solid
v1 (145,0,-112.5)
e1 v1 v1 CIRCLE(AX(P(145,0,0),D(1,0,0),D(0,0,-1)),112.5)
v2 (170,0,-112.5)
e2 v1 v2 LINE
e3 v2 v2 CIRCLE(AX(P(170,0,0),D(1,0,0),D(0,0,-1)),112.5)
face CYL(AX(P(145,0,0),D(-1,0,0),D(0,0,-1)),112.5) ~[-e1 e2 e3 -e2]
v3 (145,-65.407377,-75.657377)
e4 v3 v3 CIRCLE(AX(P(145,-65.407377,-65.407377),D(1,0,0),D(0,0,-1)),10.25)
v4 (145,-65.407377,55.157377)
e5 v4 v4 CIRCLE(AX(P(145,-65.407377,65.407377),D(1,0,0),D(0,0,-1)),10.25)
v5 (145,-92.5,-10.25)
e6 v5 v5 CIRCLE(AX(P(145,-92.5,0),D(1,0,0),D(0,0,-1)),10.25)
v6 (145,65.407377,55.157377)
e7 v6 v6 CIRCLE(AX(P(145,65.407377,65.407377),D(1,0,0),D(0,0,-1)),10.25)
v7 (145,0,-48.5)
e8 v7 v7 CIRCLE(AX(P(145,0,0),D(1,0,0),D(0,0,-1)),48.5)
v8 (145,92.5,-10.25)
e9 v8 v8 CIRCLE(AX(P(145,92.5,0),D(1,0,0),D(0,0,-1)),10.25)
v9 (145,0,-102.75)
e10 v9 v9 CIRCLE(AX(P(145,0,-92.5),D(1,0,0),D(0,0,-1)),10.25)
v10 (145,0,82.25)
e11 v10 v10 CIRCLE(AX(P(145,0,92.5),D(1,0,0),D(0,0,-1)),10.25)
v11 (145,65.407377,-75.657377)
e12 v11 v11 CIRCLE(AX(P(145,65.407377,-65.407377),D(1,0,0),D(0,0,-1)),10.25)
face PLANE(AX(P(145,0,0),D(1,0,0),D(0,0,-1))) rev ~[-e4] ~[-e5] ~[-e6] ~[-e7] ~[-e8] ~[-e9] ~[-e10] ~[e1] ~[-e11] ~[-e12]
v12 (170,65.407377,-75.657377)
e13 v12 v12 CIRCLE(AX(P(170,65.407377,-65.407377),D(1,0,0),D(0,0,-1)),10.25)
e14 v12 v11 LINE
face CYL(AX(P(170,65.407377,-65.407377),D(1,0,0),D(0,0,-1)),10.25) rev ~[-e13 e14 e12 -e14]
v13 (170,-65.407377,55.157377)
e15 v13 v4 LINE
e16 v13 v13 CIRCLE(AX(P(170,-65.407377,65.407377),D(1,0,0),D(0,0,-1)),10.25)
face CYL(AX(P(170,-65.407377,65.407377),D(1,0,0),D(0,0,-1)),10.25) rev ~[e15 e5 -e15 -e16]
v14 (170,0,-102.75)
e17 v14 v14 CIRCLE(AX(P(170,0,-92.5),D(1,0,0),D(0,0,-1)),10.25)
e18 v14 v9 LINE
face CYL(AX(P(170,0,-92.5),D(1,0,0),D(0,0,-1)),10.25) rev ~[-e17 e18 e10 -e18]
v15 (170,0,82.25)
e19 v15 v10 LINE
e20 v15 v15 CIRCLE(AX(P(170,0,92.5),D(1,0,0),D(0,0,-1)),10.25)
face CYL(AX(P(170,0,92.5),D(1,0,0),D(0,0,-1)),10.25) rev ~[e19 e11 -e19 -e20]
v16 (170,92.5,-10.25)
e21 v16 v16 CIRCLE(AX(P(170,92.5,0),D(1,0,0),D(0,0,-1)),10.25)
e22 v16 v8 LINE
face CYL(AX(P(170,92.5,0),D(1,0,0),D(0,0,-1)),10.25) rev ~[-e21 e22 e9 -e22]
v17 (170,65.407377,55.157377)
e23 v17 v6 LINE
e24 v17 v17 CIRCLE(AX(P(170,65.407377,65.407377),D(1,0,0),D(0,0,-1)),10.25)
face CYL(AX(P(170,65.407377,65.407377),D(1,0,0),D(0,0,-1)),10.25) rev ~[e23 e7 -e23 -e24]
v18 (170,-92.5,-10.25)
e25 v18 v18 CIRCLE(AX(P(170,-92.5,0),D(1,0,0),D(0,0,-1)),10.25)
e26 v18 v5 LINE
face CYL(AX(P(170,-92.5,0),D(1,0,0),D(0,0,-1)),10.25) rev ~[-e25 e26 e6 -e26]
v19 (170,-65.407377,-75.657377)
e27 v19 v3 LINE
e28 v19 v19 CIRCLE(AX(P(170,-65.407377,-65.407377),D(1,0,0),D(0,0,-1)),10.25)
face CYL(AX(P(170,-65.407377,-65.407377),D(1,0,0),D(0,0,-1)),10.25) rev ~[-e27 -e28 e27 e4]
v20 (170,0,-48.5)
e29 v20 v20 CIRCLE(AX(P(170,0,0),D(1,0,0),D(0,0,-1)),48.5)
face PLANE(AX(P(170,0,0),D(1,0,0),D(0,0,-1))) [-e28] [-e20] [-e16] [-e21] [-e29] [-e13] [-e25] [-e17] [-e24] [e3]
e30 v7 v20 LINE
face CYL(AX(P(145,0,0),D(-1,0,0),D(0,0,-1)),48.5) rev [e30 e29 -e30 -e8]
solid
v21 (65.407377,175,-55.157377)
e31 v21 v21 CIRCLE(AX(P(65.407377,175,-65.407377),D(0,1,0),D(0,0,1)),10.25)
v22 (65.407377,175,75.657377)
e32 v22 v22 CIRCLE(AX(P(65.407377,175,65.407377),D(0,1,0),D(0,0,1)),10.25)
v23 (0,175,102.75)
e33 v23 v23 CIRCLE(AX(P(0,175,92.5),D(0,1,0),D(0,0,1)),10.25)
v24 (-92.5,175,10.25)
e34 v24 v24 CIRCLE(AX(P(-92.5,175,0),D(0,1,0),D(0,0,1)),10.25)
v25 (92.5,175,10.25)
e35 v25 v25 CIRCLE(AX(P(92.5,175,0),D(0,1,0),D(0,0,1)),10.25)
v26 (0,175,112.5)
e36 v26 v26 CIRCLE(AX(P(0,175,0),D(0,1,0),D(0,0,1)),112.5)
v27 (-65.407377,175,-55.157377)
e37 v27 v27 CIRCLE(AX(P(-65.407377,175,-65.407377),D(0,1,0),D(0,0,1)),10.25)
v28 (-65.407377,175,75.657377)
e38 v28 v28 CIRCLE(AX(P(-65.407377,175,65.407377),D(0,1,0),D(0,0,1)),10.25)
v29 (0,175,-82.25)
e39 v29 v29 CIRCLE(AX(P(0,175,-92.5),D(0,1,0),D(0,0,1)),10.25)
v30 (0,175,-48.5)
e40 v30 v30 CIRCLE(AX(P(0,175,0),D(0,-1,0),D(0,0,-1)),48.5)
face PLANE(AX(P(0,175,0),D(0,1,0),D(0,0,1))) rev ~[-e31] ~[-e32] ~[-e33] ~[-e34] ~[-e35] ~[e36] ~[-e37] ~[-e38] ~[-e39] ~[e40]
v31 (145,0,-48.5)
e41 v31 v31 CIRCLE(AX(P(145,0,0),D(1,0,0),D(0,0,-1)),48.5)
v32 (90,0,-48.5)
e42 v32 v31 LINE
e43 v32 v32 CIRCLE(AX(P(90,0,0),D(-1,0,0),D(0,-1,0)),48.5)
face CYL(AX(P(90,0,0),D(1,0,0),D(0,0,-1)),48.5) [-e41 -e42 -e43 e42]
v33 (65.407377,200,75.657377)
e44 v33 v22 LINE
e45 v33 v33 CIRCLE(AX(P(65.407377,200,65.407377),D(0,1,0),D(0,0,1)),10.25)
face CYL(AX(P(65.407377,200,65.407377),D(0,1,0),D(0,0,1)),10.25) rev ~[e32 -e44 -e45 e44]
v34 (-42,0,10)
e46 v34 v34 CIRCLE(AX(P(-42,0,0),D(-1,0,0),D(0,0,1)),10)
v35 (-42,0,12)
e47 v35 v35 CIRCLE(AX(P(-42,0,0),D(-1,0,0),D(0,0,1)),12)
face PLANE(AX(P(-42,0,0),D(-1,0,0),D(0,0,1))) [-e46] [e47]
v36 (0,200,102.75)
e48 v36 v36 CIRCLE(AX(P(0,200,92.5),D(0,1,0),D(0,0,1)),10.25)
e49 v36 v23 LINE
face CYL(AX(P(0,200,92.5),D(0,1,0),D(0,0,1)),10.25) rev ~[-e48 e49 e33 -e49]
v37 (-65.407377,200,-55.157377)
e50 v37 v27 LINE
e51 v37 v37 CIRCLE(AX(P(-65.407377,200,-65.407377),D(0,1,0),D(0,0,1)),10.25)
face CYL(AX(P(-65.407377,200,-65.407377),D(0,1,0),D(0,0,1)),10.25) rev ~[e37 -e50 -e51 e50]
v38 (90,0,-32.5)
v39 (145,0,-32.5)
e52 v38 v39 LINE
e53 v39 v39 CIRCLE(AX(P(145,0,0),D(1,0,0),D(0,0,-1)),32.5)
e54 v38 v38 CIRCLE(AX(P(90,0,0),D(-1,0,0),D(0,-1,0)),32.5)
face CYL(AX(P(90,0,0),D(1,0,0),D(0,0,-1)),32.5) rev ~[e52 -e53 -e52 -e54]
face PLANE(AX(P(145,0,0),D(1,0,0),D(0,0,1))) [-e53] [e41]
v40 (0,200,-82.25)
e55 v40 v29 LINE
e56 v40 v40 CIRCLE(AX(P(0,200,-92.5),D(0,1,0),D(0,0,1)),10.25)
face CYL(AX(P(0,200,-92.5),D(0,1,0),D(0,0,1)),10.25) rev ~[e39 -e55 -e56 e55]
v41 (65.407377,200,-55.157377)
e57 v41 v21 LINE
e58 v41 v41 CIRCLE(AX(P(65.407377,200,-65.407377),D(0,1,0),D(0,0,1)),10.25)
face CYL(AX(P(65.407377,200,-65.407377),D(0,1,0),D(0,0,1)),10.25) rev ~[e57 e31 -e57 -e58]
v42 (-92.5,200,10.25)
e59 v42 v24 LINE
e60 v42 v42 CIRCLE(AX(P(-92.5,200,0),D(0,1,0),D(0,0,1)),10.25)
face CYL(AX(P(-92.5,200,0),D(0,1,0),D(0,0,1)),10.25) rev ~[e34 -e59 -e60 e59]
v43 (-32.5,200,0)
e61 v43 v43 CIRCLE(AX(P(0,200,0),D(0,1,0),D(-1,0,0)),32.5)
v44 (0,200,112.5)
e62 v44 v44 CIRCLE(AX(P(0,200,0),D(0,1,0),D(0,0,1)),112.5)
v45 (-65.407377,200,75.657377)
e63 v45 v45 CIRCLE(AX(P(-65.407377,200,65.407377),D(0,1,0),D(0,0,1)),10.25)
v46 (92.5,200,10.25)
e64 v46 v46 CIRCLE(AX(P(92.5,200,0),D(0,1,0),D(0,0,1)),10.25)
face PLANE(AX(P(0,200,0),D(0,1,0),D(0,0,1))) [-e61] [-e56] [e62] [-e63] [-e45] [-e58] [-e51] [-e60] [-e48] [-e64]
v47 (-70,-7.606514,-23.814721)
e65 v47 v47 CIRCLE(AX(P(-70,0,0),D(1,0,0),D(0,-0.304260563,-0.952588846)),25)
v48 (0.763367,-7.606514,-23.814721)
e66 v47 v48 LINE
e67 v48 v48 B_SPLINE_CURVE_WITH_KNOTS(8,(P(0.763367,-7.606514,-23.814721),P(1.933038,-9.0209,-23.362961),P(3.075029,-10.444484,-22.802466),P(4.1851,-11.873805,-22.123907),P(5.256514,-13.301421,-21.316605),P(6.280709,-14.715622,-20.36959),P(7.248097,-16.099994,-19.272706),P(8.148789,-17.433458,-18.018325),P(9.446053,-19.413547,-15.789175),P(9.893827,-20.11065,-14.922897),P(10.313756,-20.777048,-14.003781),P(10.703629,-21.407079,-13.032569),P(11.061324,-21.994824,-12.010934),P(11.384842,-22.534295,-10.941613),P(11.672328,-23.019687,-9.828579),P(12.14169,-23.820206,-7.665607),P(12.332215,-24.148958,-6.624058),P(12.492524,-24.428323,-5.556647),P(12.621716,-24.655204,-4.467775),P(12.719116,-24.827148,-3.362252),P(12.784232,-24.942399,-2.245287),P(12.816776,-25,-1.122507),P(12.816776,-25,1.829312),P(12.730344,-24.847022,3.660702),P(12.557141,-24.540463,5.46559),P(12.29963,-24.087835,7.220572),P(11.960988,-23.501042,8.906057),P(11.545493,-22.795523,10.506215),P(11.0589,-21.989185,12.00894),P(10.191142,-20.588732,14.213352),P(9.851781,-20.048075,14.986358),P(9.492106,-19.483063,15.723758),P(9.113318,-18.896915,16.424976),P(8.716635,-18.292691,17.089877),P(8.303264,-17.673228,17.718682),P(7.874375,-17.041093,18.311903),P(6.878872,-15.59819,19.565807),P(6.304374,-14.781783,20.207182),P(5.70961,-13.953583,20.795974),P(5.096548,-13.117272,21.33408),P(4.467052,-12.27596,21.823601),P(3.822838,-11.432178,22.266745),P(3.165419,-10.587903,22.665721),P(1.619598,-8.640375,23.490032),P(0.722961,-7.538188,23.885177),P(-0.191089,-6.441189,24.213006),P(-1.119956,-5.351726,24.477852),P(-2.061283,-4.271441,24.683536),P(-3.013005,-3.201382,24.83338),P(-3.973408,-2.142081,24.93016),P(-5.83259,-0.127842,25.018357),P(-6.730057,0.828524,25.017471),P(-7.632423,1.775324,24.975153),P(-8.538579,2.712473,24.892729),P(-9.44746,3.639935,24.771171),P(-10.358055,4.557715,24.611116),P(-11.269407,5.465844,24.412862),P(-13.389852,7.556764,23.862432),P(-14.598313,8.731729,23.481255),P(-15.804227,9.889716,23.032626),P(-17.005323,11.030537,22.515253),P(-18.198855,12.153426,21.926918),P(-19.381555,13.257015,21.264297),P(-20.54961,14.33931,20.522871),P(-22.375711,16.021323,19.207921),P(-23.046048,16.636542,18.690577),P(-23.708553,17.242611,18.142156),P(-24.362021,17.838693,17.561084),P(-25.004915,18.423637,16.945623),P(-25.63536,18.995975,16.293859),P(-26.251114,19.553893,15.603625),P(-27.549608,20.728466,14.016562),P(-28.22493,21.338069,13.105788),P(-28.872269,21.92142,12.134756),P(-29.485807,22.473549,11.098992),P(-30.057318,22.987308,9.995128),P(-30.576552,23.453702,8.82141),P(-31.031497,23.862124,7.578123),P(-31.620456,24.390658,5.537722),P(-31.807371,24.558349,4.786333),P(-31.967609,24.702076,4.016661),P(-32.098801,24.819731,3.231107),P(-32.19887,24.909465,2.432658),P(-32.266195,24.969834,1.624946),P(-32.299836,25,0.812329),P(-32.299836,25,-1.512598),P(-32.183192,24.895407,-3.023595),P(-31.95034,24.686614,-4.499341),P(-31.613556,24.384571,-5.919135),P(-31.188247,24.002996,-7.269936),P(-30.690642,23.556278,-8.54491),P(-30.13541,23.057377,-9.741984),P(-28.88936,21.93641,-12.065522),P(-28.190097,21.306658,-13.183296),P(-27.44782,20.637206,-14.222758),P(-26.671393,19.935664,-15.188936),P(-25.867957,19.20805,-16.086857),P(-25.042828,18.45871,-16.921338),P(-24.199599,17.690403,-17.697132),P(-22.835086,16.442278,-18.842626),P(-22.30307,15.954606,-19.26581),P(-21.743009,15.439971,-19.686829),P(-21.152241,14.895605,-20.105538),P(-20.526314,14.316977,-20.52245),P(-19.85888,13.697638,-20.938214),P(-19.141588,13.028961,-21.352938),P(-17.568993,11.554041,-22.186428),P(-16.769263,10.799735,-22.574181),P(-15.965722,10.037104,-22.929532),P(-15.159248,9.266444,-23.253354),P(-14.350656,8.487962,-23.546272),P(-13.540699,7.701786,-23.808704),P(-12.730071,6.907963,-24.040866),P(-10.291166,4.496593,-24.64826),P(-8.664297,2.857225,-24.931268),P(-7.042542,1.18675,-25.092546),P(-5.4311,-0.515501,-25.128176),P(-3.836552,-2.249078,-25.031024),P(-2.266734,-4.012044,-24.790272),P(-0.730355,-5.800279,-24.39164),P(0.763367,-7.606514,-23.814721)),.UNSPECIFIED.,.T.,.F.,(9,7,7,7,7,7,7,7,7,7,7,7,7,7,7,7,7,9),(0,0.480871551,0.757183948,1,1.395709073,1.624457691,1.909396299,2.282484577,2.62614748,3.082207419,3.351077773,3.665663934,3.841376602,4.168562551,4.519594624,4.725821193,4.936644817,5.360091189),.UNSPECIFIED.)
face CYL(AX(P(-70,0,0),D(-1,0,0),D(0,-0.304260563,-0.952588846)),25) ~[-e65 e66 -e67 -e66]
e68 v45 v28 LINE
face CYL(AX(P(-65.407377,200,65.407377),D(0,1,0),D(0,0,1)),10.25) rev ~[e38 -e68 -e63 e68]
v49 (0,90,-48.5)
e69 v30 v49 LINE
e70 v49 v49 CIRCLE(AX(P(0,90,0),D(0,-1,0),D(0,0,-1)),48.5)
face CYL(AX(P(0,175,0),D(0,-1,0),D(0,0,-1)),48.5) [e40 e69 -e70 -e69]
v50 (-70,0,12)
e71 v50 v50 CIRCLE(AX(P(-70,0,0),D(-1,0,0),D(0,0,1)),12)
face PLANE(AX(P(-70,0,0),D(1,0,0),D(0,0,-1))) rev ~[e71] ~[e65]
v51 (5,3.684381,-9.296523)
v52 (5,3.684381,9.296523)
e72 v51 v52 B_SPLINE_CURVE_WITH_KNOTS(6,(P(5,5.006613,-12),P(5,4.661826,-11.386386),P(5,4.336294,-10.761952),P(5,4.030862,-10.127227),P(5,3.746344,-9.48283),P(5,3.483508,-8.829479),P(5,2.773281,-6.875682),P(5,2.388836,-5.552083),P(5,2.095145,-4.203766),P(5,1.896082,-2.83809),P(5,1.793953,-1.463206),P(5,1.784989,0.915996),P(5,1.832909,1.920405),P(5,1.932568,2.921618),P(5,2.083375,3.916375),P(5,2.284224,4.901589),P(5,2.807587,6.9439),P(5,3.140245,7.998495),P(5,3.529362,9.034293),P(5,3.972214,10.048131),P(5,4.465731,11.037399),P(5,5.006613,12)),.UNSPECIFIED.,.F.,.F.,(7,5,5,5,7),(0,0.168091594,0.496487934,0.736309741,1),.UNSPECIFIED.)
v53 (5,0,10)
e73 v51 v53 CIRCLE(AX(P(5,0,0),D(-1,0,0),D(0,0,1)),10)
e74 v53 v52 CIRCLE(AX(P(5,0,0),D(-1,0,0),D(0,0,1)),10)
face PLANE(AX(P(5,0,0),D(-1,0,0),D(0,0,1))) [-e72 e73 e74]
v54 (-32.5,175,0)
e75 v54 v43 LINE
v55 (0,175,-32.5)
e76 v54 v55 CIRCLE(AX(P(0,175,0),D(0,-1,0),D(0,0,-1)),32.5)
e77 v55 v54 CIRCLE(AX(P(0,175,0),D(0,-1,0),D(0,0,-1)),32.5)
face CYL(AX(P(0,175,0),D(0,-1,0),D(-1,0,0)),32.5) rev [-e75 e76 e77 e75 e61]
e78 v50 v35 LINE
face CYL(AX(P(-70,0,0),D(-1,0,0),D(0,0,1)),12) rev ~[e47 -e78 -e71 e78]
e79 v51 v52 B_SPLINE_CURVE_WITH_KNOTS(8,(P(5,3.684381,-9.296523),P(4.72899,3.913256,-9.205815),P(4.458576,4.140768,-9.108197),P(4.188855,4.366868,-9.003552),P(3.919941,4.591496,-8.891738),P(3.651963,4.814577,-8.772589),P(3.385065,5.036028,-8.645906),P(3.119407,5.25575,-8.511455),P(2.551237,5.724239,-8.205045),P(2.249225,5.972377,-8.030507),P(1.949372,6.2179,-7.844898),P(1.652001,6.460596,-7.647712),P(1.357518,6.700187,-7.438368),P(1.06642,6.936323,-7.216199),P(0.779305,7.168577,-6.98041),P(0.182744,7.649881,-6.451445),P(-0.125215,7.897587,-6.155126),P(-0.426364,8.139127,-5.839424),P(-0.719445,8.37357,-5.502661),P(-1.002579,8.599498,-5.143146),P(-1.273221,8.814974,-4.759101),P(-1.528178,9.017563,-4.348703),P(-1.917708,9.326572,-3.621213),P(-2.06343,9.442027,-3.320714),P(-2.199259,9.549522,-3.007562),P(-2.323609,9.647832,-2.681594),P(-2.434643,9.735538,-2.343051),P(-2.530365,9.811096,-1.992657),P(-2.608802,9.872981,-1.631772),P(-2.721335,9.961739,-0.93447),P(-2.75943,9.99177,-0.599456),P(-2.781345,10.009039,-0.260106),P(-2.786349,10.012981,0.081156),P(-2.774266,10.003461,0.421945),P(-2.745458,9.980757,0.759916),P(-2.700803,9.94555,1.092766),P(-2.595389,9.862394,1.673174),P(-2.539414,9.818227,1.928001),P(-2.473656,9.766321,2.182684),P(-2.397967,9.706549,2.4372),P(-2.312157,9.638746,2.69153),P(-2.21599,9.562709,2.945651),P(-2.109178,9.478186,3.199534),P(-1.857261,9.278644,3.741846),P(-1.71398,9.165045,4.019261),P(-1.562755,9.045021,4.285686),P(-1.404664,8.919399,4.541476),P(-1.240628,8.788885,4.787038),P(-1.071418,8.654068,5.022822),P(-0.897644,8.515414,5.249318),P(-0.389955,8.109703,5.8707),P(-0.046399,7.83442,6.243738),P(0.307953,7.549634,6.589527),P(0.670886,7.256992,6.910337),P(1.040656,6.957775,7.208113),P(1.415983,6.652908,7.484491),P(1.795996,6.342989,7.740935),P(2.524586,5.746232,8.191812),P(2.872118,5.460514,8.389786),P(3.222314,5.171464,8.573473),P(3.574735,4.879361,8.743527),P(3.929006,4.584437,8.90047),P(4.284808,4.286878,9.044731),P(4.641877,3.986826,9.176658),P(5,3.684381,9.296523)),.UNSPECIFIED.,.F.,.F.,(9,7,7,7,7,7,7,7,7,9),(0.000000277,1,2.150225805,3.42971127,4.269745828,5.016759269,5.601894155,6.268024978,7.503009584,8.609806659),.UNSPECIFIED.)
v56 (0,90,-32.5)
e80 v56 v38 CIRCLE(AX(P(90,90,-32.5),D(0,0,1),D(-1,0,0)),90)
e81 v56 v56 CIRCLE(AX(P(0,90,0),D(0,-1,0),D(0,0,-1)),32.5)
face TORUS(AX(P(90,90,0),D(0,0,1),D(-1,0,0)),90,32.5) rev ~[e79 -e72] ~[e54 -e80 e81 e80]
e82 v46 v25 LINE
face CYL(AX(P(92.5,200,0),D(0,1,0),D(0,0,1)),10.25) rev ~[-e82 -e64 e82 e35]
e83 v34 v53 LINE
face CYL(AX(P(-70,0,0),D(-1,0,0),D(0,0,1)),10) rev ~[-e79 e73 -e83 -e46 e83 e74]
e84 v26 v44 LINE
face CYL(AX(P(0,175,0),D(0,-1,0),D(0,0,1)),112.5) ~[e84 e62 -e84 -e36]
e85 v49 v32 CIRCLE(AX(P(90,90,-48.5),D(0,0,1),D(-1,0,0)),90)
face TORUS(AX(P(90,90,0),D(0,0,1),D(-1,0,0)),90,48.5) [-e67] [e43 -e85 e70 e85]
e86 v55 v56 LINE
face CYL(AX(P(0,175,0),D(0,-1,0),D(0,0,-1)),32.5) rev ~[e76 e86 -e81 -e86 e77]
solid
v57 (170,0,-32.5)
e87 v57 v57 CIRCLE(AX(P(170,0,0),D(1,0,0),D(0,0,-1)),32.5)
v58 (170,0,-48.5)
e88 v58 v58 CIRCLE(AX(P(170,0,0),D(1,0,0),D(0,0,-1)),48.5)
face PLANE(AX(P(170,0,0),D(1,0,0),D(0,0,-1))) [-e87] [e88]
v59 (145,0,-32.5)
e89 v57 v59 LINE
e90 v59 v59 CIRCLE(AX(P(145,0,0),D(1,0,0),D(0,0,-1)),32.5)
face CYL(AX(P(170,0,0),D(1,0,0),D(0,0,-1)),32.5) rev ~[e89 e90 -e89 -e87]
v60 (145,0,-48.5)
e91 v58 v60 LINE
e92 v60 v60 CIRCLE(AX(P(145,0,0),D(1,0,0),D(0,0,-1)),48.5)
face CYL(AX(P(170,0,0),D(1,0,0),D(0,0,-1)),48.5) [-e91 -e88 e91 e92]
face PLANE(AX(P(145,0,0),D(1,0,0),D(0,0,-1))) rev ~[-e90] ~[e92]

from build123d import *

# Parameters (mm, degrees)
SWEEP_THIN1_PROFILE_R          = 48.5
SWEEP_THIN1_PROFILE_R_2        = 32.5
SKETCH18_R                     = 112.5
SKETCH18_R_2                   = 48.5
BOSS_EXTRUDE2_DEPTH            = 25
SKETCH20_R                     = 10.25
CUT_EXTRUDE1_DEPTH             = 25
SKETCH21_R                     = 112.5
SKETCH21_R_2                   = 32.5
BOSS_EXTRUDE3_DEPTH            = 25
SKETCH22_R                     = 10.25
CUT_EXTRUDE2_DEPTH             = 25
SKETCH24_R                     = 48.5
SKETCH24_R_2                   = 32.5
BOSS_EXTRUDE5_DEPTH            = 25
BOSS_EXTRUDE9_REACH            = 334.049
BOSS_EXTRUDE9_END_MAJOR_RADIUS = 90
BOSS_EXTRUDE9_END_MINOR_RADIUS = 48.5
SKETCH26_R                     = 25
SKETCH26_R_2                   = 12
SKETCH26_R_3                   = 10
SKETCH30_R                     = 12
SKETCH30_R_2                   = 10
CUT_EXTRUDE4_DEPTH             = 28
SKETCH31_R                     = 10
CUT_EXTRUDE5_DEPTH             = 75


with BuildPart() as part:
    # Sweep-Thin1: sweep along a path in Sketch3
    with BuildLine(Plane.XY) as sweep_thin1_path:
        Line((0, 175), (0, 90))
        ThreePointArc((0, 90), (26.360389693, 26.360389693), (90, 0))
        Line((90, 0), (145, 0))
    # Sweep-Thin1 profile (on start of the path) → Sweep-Thin1 (sweep)
    with BuildSketch(Plane(origin=(0, 175, 0), x_dir=(0, 0, -1), z_dir=(0, -1, 0))):
        Circle(SWEEP_THIN1_PROFILE_R)
        Circle(SWEEP_THIN1_PROFILE_R_2, mode=Mode.SUBTRACT)
    sweep(path=sweep_thin1_path.line)

    # Sketch21 → Boss-Extrude3 (add)
    with BuildSketch(Plane(origin=(0, 175, 0), x_dir=(1, 0, 0), z_dir=(0, 1, 0))):
        with Locations(Location((0, 0, 0), (0, 0, 270))):
            Circle(SKETCH21_R)
        with Locations(Location((0, 0, 0), (0, 0, 180))):
            Circle(SKETCH21_R_2, mode=Mode.SUBTRACT)
    extrude(amount=BOSS_EXTRUDE3_DEPTH)

    # Sketch22 → Cut-Extrude2 (cut)
    with BuildSketch(Plane(origin=(0, 200, 0), x_dir=(1, 0, 0), z_dir=(0, 1, 0))):
        with Locations(Location((0, 92.5, 0), (0, 0, 270))):
            Circle(SKETCH22_R)
        with Locations(Location((65.40737726, 65.40737726, 0), (0, 0, 270))):
            Circle(SKETCH22_R)
        with Locations(Location((92.5, 0, 0), (0, 0, 270))):
            Circle(SKETCH22_R)
        with Locations(Location((65.40737726, -65.40737726, 0), (0, 0, 270))):
            Circle(SKETCH22_R)
        with Locations(Location((0, -92.5, 0), (0, 0, 270))):
            Circle(SKETCH22_R)
        with Locations(Location((-65.40737726, -65.40737726, 0), (0, 0, 270))):
            Circle(SKETCH22_R)
        with Locations(Location((-92.5, 0, 0), (0, 0, 270))):
            Circle(SKETCH22_R)
        with Locations(Location((-65.40737726, 65.40737726, 0), (0, 0, 270))):
            Circle(SKETCH22_R)
    extrude(amount=-CUT_EXTRUDE2_DEPTH, mode=Mode.SUBTRACT)

    # Boss-Extrude9: up to this torus (the profile starts outside it)
    boss_extrude9_end = Plane(origin=(90, 90, 0), z_dir=(0, 0, 1)) * Torus(BOSS_EXTRUDE9_END_MAJOR_RADIUS, BOSS_EXTRUDE9_END_MINOR_RADIUS, mode=Mode.PRIVATE)
    # Sketch26 → Boss-Extrude9 (add, up to the surface)
    with BuildSketch(Plane(origin=(-70, 0, 0), x_dir=(0, 0, -1), z_dir=(1, 0, 0)), mode=Mode.PRIVATE) as boss_extrude9_sk1:
        with Locations(Location((0, 0, 0), (0, 0, 342.286316862))):
            Circle(SKETCH26_R)
        Circle(SKETCH26_R_2, mode=Mode.SUBTRACT)
    boss_extrude9_tool1 = extrude(boss_extrude9_sk1.sketch, amount=BOSS_EXTRUDE9_REACH, mode=Mode.PRIVATE) - boss_extrude9_end
    add(boss_extrude9_tool1.solids().sort_by_distance((-70, 7.391369, 23.141139))[0])
    # Sketch26 → Boss-Extrude9 (add, up to the surface)
    with BuildSketch(Plane(origin=(-70, 0, 0), x_dir=(0, 0, -1), z_dir=(1, 0, 0)), mode=Mode.PRIVATE) as boss_extrude9_sk2:
        Circle(SKETCH26_R_2)
        Circle(SKETCH26_R_3, mode=Mode.SUBTRACT)
    boss_extrude9_tool2 = extrude(boss_extrude9_sk2.sketch, amount=BOSS_EXTRUDE9_REACH, mode=Mode.PRIVATE) - boss_extrude9_end
    add(boss_extrude9_tool2.solids().sort_by_distance((-70, 0, 11.660589))[0])
    # Sketch26 → Boss-Extrude9 (add, up to the surface)
    with BuildSketch(Plane(origin=(-70, 0, 0), x_dir=(0, 0, -1), z_dir=(1, 0, 0)), mode=Mode.PRIVATE) as boss_extrude9_sk3:
        Circle(SKETCH26_R_3)
    boss_extrude9_tool3 = extrude(boss_extrude9_sk3.sketch, amount=BOSS_EXTRUDE9_REACH, mode=Mode.PRIVATE) - boss_extrude9_end
    add(boss_extrude9_tool3.solids().sort_by_distance((-70, 0, 0))[0])

    # Sketch30 → Cut-Extrude4 (cut)
    with BuildSketch(Plane.ZY.offset(70)):
        Circle(SKETCH30_R)
        Circle(SKETCH30_R_2, mode=Mode.SUBTRACT)
    extrude(amount=-CUT_EXTRUDE4_DEPTH, mode=Mode.SUBTRACT)

    # Sketch31 → Cut-Extrude5 (cut)
    with BuildSketch(Plane.ZY.offset(70)):
        Circle(SKETCH31_R)
    extrude(amount=-CUT_EXTRUDE5_DEPTH, mode=Mode.SUBTRACT)


with BuildPart() as body_2:
    # Sketch18 → Boss-Extrude2 (new body)
    with BuildSketch(Plane(origin=(145, 0, 0), x_dir=(0, 0, -1), z_dir=(1, 0, 0))):
        Circle(SKETCH18_R)
        Circle(SKETCH18_R_2, mode=Mode.SUBTRACT)
    extrude(amount=BOSS_EXTRUDE2_DEPTH)

    # Sketch20 → Cut-Extrude1 (cut)
    with BuildSketch(Plane(origin=(170, 0, 0), x_dir=(0, 0, -1), z_dir=(1, 0, 0))):
        with Locations((0, 92.5)):
            Circle(SKETCH20_R)
        with Locations((65.40737726, 65.40737726)):
            Circle(SKETCH20_R)
        with Locations((92.5, 0)):
            Circle(SKETCH20_R)
        with Locations((65.40737726, -65.40737726)):
            Circle(SKETCH20_R)
        with Locations((0, -92.5)):
            Circle(SKETCH20_R)
        with Locations((-65.40737726, -65.40737726)):
            Circle(SKETCH20_R)
        with Locations((-92.5, 0)):
            Circle(SKETCH20_R)
        with Locations((-65.40737726, 65.40737726)):
            Circle(SKETCH20_R)
    extrude(amount=-CUT_EXTRUDE1_DEPTH, mode=Mode.SUBTRACT)


with BuildPart() as body_3:
    # Sketch24 → Boss-Extrude5 (new body)
    with BuildSketch(Plane(origin=(170, 0, 0), x_dir=(0, 0, -1), z_dir=(1, 0, 0))):
        Circle(SKETCH24_R)
        Circle(SKETCH24_R_2, mode=Mode.SUBTRACT)
    extrude(amount=-BOSS_EXTRUDE5_DEPTH)


solid = Compound([part.part, body_2.part, body_3.part])
